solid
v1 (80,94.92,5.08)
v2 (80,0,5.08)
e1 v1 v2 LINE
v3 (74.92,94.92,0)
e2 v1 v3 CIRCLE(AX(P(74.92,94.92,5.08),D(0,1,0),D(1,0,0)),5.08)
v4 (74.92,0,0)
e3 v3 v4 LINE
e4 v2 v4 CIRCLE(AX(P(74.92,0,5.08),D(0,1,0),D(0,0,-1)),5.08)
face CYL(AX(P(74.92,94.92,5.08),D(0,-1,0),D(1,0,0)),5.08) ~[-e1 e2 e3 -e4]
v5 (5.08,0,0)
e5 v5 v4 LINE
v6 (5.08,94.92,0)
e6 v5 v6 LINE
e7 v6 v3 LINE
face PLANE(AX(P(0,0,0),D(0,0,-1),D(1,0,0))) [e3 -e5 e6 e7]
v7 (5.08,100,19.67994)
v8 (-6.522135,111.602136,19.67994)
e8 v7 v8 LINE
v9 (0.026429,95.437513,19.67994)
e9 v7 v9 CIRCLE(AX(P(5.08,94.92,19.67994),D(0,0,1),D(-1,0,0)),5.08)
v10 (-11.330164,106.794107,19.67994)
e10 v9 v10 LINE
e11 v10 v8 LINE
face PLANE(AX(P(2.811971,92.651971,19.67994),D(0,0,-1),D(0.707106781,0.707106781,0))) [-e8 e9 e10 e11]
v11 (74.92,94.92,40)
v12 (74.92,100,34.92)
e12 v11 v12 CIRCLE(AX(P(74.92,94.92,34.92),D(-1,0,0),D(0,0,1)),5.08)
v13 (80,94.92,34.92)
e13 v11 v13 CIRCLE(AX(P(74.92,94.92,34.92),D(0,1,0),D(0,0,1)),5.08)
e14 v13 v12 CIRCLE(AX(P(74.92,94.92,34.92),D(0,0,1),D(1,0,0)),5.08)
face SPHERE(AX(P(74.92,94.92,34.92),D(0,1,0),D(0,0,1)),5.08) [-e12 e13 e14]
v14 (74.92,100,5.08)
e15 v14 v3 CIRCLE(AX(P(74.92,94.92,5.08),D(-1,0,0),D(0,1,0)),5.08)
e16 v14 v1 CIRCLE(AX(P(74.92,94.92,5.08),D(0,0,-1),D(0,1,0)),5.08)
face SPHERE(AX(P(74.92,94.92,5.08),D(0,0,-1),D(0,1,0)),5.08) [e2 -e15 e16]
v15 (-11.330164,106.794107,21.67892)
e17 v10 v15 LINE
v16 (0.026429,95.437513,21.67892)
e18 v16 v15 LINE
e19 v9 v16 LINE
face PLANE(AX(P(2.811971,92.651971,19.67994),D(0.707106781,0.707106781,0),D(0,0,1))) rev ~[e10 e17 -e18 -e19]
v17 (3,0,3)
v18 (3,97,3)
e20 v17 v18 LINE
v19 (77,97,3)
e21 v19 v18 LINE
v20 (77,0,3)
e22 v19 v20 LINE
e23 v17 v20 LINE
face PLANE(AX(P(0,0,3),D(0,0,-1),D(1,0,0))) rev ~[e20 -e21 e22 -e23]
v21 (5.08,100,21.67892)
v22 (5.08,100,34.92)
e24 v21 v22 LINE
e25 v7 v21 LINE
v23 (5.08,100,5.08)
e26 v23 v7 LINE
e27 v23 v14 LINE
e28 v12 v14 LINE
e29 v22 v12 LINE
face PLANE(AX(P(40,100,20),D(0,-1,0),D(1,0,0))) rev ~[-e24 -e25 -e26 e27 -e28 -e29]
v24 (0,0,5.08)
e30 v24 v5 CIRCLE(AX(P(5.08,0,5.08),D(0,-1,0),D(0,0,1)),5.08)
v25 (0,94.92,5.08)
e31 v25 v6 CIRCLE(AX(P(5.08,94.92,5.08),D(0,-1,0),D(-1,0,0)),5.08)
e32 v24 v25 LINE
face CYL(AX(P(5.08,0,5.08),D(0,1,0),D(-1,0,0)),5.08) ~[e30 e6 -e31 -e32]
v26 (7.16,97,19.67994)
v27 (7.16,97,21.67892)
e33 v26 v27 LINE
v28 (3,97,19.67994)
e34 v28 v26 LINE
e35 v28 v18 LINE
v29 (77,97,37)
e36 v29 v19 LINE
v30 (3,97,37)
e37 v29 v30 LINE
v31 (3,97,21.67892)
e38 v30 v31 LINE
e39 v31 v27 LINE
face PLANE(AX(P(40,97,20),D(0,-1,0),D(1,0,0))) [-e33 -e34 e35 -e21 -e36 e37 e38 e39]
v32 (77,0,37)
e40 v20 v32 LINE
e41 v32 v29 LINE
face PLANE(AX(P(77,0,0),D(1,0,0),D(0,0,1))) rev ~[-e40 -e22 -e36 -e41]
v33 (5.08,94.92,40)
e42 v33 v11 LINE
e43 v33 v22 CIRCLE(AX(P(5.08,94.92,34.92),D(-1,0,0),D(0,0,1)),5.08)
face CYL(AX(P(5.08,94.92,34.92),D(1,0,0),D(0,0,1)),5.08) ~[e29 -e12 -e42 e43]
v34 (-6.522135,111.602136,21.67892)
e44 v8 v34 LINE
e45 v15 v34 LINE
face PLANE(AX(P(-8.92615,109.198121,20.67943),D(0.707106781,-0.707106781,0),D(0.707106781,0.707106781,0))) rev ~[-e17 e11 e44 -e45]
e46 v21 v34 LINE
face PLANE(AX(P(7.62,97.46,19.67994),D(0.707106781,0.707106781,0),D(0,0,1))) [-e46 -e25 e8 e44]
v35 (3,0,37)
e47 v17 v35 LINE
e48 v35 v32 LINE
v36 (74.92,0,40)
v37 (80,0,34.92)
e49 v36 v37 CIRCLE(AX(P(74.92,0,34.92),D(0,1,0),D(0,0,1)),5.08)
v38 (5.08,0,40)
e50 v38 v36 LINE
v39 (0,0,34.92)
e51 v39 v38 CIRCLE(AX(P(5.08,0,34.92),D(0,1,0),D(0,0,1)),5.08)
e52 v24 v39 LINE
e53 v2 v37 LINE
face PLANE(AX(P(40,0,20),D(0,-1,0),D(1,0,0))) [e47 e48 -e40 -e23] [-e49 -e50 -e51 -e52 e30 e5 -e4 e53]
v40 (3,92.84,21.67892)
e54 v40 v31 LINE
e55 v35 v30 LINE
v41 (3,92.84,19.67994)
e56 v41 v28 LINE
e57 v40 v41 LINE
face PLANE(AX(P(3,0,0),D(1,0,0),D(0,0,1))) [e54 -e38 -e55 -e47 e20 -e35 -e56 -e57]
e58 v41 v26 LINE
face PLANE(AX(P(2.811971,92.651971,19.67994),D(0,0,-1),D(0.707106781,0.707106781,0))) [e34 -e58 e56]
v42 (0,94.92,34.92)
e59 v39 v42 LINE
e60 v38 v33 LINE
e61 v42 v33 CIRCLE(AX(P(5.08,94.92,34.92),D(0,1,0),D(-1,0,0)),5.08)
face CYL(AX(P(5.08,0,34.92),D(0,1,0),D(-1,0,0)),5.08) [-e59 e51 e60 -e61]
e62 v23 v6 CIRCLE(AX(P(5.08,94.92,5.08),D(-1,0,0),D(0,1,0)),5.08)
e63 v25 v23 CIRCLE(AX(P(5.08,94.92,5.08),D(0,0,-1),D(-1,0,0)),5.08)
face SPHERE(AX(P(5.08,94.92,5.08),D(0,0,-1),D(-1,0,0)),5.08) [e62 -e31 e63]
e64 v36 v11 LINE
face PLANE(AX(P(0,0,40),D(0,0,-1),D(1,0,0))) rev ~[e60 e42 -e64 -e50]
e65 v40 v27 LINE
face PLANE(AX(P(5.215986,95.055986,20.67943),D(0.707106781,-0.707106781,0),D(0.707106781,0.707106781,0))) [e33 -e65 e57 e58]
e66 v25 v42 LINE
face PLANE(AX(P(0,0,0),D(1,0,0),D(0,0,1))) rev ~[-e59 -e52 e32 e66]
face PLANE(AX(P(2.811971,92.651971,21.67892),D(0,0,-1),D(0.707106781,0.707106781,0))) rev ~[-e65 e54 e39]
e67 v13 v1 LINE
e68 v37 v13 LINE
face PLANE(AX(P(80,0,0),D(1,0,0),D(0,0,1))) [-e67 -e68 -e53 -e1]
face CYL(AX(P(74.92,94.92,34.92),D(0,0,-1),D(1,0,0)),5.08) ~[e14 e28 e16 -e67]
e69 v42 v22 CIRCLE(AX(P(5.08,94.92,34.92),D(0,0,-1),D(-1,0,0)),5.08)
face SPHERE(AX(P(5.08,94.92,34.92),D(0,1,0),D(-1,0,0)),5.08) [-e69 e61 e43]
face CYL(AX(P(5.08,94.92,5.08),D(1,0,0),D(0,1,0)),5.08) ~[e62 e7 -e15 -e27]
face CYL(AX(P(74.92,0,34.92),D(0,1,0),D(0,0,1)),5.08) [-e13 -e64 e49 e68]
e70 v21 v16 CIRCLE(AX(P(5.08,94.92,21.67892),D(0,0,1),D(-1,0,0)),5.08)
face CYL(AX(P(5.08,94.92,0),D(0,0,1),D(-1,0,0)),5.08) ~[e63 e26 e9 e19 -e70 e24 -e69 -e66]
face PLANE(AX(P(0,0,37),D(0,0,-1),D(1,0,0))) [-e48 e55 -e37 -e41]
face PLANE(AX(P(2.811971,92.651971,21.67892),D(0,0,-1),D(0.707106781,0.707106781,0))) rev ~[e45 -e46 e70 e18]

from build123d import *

# Parameters (mm, degrees)
F0_W     = 80
F0_H     = 40
F1_DEPTH = 100
F2_T     = -3
F3_R     = 5.08
F4_R     = 5.08
F5_R     = 5.08
F6_R     = 5.08
F8_W     = 6.79958
F8_H     = 1.99898
F9_DEPTH = 20


with BuildPart() as f1:
    # F0 (on Front) → F1 (new body)
    with BuildSketch(Plane.XZ):
        with Locations((40, 20)):
            Rectangle(F0_W, F0_H)
    extrude(amount=-F1_DEPTH)

    # F2
    f2_openings = [f1.faces().sort_by_distance(p)[0] for p in [
        (40, 0, 20),
    ]]
    offset(amount=F2_T, openings=f2_openings)

    # F3
    f3_edges = [f1.edges().sort_by_distance(p)[0] for p in [
        (0, 50, 40),
    ]]
    fillet(f3_edges, radius=F3_R)

    # F4
    f4_edges = [f1.edges().sort_by_distance(p)[0] for p in [
        (80, 50, 40),
    ]]
    fillet(f4_edges, radius=F4_R)

    # F5
    f5_edges = [f1.edges().sort_by_distance(p)[0] for p in [
        (40, 100, 40),
    ]]
    fillet(f5_edges, radius=F5_R)

    # F6
    f6_edges = [f1.edges().sort_by_distance(p)[0] for p in [
        (40, 100, 0),
    ]]
    fillet(f6_edges, radius=F6_R)

    # F8 (on face) → F9 (join)
    with BuildSketch(Plane(origin=(-44.92, 44.92, 0), x_dir=(0.707107, 0.707107, 0), z_dir=(0.707107, -0.707107, 0))):
        with Locations((70.902991, 20.67943)):
            Rectangle(F8_W, F8_H)
    extrude(amount=-F9_DEPTH)


solid = f1.part
